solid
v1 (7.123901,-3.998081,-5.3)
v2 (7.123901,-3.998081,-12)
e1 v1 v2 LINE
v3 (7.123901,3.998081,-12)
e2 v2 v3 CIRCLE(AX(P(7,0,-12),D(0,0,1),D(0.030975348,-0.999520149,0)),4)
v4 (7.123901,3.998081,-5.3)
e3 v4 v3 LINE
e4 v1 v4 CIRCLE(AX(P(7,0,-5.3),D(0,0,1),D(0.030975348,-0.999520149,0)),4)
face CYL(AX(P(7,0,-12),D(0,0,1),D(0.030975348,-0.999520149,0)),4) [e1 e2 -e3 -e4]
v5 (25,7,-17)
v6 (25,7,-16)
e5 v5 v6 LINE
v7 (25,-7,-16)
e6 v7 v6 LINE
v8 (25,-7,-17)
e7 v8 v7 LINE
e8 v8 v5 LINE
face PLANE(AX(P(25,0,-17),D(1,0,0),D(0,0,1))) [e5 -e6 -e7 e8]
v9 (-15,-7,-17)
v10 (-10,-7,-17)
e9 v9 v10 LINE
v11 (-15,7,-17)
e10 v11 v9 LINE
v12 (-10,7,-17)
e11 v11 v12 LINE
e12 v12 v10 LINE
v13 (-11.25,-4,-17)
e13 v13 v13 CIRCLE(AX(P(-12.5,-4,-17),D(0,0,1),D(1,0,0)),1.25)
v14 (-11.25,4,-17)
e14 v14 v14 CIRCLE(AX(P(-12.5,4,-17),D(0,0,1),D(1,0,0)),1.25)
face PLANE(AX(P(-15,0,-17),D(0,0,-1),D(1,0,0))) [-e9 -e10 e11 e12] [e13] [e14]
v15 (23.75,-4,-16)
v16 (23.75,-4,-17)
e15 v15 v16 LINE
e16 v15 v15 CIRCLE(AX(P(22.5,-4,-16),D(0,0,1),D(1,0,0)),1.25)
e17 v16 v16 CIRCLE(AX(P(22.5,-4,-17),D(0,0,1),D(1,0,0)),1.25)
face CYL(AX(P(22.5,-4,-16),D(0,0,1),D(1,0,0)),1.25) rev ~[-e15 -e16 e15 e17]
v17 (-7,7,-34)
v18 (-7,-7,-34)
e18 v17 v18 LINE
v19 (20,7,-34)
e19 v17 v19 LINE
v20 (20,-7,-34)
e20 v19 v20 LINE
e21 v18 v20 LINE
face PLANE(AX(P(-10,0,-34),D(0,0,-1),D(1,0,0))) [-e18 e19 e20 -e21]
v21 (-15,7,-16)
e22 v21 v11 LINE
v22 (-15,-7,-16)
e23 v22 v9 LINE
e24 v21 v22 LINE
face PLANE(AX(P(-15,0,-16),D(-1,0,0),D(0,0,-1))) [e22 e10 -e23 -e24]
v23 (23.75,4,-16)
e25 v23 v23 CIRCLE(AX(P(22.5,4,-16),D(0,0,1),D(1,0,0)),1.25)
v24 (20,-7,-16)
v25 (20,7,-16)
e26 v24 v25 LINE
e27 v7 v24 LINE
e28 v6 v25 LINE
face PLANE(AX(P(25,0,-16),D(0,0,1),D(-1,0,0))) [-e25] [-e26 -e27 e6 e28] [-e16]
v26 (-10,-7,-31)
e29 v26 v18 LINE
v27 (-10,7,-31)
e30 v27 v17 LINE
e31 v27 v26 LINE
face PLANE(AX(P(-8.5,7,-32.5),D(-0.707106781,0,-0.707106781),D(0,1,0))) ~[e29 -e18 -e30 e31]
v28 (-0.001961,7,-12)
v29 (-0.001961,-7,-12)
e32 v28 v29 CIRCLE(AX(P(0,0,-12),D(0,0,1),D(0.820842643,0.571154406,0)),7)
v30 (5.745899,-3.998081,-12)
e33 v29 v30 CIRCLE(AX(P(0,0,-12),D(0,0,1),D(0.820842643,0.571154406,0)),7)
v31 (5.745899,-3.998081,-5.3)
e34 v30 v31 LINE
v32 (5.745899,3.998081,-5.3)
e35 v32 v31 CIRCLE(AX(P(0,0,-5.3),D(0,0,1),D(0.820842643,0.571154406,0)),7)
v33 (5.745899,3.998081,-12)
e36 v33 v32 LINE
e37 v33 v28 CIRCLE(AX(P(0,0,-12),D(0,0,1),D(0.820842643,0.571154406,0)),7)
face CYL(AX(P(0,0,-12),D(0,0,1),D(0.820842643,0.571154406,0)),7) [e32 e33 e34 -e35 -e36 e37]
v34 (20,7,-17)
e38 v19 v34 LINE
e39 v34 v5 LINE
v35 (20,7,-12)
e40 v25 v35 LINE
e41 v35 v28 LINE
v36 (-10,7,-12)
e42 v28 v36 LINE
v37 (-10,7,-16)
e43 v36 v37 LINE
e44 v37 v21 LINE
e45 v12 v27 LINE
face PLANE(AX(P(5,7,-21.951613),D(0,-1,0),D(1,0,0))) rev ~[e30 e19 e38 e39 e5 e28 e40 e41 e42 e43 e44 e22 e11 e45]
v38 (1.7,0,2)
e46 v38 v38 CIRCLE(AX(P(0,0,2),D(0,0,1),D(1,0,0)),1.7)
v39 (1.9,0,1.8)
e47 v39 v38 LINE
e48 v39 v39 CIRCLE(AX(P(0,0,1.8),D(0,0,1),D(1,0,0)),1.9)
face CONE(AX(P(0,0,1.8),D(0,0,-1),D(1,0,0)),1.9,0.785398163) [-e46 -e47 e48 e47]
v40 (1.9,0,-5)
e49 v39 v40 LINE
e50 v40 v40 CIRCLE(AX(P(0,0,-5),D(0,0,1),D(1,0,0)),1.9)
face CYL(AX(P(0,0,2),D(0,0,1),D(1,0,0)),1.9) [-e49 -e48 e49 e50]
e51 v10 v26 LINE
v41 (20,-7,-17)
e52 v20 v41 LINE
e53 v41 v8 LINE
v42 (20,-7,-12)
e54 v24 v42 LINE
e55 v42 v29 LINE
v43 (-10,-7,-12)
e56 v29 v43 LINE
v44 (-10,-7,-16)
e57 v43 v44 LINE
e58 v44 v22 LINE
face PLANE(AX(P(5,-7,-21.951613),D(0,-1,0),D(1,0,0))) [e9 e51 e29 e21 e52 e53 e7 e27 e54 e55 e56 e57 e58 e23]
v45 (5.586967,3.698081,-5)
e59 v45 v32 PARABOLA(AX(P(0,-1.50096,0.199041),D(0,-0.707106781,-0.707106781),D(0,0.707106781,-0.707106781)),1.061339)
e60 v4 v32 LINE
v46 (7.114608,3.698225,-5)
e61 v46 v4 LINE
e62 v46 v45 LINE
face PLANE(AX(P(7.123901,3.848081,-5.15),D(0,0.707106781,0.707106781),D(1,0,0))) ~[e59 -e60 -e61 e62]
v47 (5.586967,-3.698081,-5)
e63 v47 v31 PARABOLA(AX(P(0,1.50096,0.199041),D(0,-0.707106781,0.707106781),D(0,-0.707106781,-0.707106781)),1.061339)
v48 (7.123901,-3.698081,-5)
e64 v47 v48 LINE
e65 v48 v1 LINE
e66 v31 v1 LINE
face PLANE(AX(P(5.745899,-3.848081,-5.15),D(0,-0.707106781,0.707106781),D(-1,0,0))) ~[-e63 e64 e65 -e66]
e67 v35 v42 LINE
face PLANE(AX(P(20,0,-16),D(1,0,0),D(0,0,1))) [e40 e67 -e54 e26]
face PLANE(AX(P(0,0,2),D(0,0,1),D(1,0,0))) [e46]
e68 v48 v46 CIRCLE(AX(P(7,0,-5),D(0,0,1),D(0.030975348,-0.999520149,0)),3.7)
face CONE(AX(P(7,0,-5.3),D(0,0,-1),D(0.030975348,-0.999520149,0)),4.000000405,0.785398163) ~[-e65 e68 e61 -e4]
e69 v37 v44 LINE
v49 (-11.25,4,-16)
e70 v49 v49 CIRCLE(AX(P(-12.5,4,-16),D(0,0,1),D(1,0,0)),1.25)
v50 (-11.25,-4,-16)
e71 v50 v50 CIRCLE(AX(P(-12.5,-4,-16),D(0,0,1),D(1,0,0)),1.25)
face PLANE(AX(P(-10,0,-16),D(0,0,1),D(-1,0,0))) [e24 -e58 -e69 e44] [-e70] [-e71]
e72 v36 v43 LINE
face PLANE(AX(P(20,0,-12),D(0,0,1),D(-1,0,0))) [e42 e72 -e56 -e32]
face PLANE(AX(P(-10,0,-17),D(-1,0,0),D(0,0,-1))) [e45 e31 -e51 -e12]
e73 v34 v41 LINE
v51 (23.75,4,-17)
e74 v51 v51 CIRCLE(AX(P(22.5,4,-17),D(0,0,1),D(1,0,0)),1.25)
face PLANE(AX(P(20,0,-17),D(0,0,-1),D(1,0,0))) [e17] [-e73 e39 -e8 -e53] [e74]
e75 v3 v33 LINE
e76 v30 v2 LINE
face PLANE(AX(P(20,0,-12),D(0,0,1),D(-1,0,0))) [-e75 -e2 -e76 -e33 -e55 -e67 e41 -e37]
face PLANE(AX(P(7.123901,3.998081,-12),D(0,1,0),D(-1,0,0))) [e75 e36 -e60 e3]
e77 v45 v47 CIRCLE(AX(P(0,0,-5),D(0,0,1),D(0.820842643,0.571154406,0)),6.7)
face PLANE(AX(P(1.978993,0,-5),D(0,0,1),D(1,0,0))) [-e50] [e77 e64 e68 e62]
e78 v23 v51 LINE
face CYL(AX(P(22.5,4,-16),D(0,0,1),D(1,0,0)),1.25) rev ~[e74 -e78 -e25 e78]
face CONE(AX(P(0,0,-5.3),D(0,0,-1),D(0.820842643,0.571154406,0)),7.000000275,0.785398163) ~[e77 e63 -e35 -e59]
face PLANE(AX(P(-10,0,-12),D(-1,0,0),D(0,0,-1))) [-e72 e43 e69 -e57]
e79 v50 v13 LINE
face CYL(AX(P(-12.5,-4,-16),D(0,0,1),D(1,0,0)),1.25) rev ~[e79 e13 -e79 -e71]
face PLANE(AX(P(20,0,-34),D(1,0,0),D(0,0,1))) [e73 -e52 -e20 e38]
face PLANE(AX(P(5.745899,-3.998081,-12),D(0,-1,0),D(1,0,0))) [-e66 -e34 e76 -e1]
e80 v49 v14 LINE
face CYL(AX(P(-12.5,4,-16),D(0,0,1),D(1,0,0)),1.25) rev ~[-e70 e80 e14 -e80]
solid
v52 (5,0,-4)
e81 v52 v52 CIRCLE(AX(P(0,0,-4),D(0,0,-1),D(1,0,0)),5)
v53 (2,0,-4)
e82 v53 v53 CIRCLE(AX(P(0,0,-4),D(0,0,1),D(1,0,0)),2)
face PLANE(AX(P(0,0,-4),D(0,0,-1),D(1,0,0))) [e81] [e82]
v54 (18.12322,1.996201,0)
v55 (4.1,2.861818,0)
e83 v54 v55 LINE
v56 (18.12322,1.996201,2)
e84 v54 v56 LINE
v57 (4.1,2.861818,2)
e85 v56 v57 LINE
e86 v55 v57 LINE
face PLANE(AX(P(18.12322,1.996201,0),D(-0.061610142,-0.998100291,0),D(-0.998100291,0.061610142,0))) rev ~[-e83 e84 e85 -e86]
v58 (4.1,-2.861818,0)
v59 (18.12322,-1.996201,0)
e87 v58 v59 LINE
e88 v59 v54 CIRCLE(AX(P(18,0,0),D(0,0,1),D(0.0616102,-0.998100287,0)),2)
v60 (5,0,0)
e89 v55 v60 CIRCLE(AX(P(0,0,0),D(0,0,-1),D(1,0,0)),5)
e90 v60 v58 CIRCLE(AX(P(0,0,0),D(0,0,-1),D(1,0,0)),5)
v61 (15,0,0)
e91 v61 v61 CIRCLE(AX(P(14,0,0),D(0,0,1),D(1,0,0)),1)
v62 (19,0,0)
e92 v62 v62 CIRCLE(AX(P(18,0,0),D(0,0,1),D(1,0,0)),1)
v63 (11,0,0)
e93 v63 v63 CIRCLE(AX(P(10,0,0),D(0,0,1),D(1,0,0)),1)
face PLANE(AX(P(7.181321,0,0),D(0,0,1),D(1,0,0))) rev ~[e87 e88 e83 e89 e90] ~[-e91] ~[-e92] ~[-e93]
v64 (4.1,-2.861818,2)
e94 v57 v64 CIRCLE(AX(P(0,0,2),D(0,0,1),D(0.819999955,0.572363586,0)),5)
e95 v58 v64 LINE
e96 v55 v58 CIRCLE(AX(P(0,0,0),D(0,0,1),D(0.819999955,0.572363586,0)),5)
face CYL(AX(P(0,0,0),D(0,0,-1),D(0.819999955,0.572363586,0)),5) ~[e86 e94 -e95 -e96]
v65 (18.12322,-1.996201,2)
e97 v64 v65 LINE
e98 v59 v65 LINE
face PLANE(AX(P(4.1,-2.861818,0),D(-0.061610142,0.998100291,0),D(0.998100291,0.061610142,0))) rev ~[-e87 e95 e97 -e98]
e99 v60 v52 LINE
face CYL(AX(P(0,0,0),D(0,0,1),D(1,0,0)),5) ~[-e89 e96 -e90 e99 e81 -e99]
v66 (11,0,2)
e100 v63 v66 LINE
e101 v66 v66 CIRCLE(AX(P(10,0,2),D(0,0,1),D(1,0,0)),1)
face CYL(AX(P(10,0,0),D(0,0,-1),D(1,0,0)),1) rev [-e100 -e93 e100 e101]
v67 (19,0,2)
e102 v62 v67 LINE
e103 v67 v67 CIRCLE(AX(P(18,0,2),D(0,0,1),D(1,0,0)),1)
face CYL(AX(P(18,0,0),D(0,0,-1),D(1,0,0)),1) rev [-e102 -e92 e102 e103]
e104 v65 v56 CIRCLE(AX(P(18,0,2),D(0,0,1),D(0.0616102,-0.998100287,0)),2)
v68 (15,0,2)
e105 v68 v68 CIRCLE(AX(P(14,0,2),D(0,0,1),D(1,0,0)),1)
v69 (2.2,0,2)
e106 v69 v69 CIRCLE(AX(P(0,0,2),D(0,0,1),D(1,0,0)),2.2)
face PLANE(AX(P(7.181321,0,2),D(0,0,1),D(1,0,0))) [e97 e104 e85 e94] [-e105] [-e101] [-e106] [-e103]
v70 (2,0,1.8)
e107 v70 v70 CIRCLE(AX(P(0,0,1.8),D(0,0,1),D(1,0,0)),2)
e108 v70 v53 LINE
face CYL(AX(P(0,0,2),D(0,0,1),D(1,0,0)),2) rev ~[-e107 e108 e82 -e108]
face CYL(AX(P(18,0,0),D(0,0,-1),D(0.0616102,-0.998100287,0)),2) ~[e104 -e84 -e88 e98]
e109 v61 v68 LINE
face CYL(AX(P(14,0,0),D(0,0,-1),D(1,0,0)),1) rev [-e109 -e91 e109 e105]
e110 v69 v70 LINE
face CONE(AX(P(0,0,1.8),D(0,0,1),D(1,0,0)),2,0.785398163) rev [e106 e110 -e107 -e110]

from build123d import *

# Parameters (mm, degrees)
F0_R      = 1
F1_DEPTH  = 2
F2_R      = 5
F3_DEPTH  = 4
F4_R      = 2
F5_DEPTH  = 25
F6_R      = 1.9
F7_DEPTH  = 10
F8_SIZE   = 0.2
F8_2_SIZE = 0.2
F10_DEPTH = 7
F12_DEPTH = 7
F13_SIZE  = 0.3
F14_R     = 1.25
F15_DEPTH = 1
F16_SIZE  = 3


with BuildPart() as f1:
    # F0 (on Top) → F1 (new body)
    with BuildSketch(Plane.XY):
        with BuildLine():
            Line((18.12322, 1.996201), (4.1, 2.861818))
            ThreePointArc((4.1, 2.861818), (-5, 0), (4.1, -2.861818))
            Line((4.1, -2.861818), (18.12322, -1.996201))
            ThreePointArc((18.12322, -1.996201), (20, 0), (18.12322, 1.996201))
        make_face()
        with Locations((10, 0)):
            Circle(F0_R, mode=Mode.SUBTRACT)
        with Locations((14, 0)):
            Circle(F0_R, mode=Mode.SUBTRACT)
        with Locations((18, 0)):
            Circle(F0_R, mode=Mode.SUBTRACT)
    extrude(amount=F1_DEPTH)

    # F2 (on face) → F3 (join)
    with BuildSketch(Plane(origin=(0, 0, 0), x_dir=(1, 0, 0), z_dir=(0, 0, -1))):
        Circle(F2_R)
    extrude(amount=F3_DEPTH)

    # F4 (on face) → F5 (cut)
    with BuildSketch(Plane.XY.offset(2)):
        Circle(F4_R)
    extrude(amount=-F5_DEPTH, mode=Mode.SUBTRACT)

    # F8#2
    f8_2_edges = [f1.edges().sort_by_distance(p)[0] for p in [
        (-2, 0, 2),
    ]]
    chamfer(f8_2_edges, length=F8_2_SIZE)


with BuildPart() as f7:
    # F6 (on face) → F7 (new body)
    with BuildSketch(Plane.XY.offset(2)):
        Circle(F6_R)
    extrude(amount=-F7_DEPTH)

    # F8
    f8_edges = [f7.edges().sort_by_distance(p)[0] for p in [
        (-1.9, 0, 2),
    ]]
    chamfer(f8_edges, length=F8_SIZE)



with BuildPart() as f10:
    # F9 (on Front) → F10 (new body, symmetric)
    with BuildSketch(Plane.XZ):
        Polygon((20, -16), (20, -12), (-10, -12), (-10, -16), (-15, -16), (-15, -17), (-10, -17), (-10, -34), (20, -34), (20, -17), (25, -17), (25, -16), align=None)
    extrude(amount=F10_DEPTH, both=True)


with BuildPart() as f7_1:
    add(f7.part)

    add(f10.part)  # F12 merges F10
    # F11 (on face) → F12 (join, symmetric)
    with BuildSketch(Plane.XY.offset(-12)):
        with BuildLine():
            Line((7.123901, 3.998081), (5.745899, 3.998081))
            ThreePointArc((5.745899, 3.998081), (-7, 0), (5.745899, -3.998081))
            Line((5.745899, -3.998081), (7.123901, -3.998081))
            ThreePointArc((7.123901, -3.998081), (11, 0), (7.123901, 3.998081))
        make_face()
    extrude(amount=F12_DEPTH, both=True)

    # F13
    f13_edges = [f7_1.edges().sort_by_distance(p)[0] for p in [
        (-7, 0, -5),
        (6.4349, -3.998081, -5),
        (11, 0, -5),
        (6.4349, 3.998081, -5),
    ]]
    chamfer(f13_edges, length=F13_SIZE)

    # F14 (on face) → F15 (cut, through all)
    with BuildSketch(Plane.XY.offset(-16)):
        with Locations((22.5, 4)):
            Circle(F14_R)
        with Locations((-12.5, 4)):
            Circle(F14_R)
        with Locations((22.5, -4)):
            Circle(F14_R)
        with Locations((-12.5, -4)):
            Circle(F14_R)
    extrude(amount=-F15_DEPTH, mode=Mode.SUBTRACT)

    # F16
    f16_edges = [f7_1.edges().sort_by_distance(p)[0] for p in [
        (-10, 0, -34),
    ]]
    chamfer(f16_edges, length=F16_SIZE)


solid = Compound([f1.part, f7_1.part])
